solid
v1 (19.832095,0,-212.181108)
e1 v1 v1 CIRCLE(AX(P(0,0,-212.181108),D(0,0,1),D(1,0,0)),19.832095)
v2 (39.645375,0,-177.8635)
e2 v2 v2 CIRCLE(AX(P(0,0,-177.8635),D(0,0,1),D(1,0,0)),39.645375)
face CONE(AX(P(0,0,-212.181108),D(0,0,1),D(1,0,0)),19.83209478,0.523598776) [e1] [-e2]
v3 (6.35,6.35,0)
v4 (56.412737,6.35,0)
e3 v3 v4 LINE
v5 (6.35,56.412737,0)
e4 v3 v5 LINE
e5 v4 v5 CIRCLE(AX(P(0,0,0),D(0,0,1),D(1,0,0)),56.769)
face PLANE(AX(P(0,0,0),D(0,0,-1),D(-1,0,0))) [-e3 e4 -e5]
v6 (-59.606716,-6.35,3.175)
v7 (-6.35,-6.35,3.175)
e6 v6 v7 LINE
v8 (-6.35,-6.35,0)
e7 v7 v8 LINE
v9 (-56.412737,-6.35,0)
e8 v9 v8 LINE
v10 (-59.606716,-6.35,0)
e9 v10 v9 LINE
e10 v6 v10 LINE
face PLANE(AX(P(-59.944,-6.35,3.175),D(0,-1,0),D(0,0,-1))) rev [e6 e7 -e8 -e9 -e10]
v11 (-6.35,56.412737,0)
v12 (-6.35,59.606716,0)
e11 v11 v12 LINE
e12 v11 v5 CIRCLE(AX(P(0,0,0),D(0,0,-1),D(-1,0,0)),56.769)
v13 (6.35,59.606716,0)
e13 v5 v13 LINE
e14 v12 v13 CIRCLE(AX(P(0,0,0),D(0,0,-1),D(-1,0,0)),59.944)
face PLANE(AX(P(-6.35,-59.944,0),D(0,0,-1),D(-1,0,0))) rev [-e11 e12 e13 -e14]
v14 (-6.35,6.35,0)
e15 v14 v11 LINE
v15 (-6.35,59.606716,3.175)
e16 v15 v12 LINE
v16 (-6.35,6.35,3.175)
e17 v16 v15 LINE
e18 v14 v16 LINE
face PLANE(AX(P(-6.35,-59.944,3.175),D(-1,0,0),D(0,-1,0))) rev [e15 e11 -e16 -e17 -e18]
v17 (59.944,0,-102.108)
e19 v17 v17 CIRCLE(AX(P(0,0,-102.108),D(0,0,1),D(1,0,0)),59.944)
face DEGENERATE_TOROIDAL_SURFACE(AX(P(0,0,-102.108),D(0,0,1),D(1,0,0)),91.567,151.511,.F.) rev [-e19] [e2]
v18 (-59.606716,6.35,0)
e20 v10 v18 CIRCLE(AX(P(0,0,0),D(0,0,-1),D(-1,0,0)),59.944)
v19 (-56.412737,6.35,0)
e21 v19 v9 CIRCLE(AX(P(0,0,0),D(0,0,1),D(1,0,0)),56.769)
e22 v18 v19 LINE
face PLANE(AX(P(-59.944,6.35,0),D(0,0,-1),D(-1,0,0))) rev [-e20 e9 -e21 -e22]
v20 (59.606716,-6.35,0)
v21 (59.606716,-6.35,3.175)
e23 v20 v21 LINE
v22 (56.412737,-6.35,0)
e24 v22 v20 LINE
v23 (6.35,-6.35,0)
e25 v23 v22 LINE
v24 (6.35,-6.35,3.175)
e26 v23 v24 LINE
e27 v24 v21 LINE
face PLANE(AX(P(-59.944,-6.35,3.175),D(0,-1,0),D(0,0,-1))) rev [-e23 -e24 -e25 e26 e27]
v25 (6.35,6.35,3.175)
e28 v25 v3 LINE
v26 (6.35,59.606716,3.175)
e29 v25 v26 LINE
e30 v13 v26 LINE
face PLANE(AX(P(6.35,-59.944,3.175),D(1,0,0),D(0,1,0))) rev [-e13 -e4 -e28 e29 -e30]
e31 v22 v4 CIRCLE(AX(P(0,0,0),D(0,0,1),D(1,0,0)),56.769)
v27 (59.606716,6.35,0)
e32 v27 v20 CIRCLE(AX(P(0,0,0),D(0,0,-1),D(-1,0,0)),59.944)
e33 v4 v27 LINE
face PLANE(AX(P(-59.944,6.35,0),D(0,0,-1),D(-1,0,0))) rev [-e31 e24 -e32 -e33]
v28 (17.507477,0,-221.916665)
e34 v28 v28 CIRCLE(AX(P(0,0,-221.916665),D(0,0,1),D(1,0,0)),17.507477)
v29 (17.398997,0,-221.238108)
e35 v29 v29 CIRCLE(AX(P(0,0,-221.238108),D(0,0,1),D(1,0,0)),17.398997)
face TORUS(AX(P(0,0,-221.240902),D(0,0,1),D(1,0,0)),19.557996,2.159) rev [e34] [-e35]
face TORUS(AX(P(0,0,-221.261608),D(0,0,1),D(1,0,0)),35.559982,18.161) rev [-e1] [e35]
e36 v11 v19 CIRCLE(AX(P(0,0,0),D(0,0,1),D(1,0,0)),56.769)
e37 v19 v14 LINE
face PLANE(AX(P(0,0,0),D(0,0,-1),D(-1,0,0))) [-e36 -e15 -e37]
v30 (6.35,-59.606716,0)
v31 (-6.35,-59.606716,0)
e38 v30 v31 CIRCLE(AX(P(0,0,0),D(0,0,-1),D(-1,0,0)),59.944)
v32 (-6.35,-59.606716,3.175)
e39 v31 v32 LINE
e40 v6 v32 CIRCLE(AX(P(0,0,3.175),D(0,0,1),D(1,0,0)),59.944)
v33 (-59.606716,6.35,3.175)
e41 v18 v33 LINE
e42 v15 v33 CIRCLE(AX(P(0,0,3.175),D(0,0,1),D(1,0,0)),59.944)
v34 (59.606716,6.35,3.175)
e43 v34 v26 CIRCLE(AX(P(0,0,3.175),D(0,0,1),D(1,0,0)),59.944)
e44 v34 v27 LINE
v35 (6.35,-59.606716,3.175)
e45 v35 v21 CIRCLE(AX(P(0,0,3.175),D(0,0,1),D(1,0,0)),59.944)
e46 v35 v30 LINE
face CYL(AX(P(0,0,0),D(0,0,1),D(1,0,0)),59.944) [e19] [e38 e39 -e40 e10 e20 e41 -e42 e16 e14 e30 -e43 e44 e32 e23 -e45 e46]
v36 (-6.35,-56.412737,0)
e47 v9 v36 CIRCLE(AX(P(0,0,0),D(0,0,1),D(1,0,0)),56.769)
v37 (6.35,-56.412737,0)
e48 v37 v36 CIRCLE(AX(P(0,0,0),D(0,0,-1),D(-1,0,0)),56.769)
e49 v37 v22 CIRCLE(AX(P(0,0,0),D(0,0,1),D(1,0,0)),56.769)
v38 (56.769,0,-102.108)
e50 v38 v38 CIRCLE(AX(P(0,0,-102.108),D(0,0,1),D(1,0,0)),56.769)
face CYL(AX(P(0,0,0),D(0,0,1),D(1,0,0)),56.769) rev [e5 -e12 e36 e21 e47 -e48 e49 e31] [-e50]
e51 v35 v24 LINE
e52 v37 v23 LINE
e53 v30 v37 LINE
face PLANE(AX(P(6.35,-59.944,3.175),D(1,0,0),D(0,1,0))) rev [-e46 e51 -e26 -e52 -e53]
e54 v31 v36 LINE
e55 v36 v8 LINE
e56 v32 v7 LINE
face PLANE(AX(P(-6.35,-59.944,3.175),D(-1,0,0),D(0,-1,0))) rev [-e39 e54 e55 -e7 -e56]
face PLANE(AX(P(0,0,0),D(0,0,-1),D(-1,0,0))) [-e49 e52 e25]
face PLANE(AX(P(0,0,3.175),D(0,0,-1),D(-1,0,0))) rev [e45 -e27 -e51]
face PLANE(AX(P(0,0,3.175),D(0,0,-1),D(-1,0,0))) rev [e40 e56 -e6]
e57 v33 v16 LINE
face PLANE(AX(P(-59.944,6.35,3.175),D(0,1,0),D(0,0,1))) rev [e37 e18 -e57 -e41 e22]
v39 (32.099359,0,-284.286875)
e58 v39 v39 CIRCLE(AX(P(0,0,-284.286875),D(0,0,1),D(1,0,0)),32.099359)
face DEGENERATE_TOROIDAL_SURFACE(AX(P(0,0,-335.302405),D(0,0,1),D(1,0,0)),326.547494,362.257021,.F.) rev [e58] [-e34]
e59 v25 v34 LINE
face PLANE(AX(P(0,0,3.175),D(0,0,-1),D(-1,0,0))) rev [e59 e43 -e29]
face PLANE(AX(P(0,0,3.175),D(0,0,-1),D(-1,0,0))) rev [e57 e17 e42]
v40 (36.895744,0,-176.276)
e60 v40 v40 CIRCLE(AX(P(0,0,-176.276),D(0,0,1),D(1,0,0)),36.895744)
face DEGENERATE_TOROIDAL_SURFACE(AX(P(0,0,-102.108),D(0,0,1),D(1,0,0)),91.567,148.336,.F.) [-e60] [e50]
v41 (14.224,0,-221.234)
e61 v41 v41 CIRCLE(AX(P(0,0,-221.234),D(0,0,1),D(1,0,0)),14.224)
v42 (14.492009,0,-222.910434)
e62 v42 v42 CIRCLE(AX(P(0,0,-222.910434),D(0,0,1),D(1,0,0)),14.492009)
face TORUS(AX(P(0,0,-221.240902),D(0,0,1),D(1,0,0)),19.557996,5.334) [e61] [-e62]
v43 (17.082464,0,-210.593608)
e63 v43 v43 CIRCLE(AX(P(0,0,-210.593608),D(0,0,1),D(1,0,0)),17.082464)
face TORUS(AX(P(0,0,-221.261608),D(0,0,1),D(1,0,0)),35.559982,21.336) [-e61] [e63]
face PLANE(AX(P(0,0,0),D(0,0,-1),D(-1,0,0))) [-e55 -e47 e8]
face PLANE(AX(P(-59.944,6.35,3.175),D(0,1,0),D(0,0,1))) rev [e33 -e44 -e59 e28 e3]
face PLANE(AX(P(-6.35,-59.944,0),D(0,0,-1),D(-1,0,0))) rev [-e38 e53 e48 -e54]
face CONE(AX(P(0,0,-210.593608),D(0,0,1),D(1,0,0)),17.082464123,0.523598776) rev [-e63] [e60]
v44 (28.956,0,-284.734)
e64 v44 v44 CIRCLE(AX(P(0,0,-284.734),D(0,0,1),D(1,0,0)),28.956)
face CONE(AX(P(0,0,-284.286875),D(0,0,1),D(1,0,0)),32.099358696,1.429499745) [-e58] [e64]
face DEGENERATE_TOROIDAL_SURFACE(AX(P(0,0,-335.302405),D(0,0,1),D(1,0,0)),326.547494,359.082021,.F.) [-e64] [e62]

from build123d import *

# Parameters (mm, degrees)
SKETCH4_W          = 3.175
SKETCH4_H          = 12.7
CUT_EXTRUDE1_DEPTH = 298.085874974
CIRPATTERN1_COUNT  = 2
CIRPATTERN1_ANGLE  = 90


with BuildPart() as part:
    # Sketch2 → Revolve-Thin4 (revolve)
    with BuildSketch(Plane(origin=(0, 0, 0), x_dir=(0, 0, -1), z_dir=(1, 0, 0)), mode=Mode.PRIVATE) as revolve_thin4_sk:
        with BuildLine():
            Line((0, 0), (0, 56.769))
            Line((0, 56.769), (102.108, 56.769))
            ThreePointArc((102.108, 56.769), (140.500181874, 51.714573368), (176.276, 36.895744296))
            Line((176.276, 36.895744296), (210.593607924, 17.082464123))
            ThreePointArc((210.593607924, 17.082464123), (215.726112327, 14.954565751), (221.234, 14.224))
            ThreePointArc((221.234, 14.224), (222.082948, 14.290879198), (222.910433569, 14.49200893))
            ThreePointArc((222.910433569, 14.49200893), (253.5018987, 23.093142917), (284.734, 28.956))
            Line((284.734, 28.956), (284.286874616, 32.099358696))
            ThreePointArc((284.286874616, 32.099358696), (252.778619357, 26.184662284), (221.916664766, 17.507477147))
            ThreePointArc((221.916664766, 17.507477147), (221.581730132, 17.426067494), (221.238108322, 17.398997342))
            ThreePointArc((221.238108322, 17.398997342), (216.549846791, 18.020847951), (212.181107924, 19.83209478))
            Line((212.181107924, 19.83209478), (177.8635, 39.645374953))
            ThreePointArc((177.8635, 39.645374953), (141.321932343, 54.781387867), (102.108, 59.944))
            Line((102.108, 59.944), (-3.175, 59.944))
            Line((-3.175, 59.944), (-3.175, 0))
            Line((-3.175, 0), (0, 0))
        make_face()
    revolve(revolve_thin4_sk.sketch.rotate(Axis((0, 0, 0), (0, 0, -1)), 90), axis=Axis((0, 0, 0), (0, 0, -1)))

    # Sketch4 → Cut-Extrude1 (cut, symmetric)
    with BuildSketch(Plane(origin=(0, 0, 0), x_dir=(0, 0, -1), z_dir=(1, 0, 0))):
        with Locations((-1.5875, 0)):
            Rectangle(SKETCH4_W, SKETCH4_H)
    cut_extrude1 = extrude(amount=CUT_EXTRUDE1_DEPTH, both=True, mode=Mode.SUBTRACT)

    # CirPattern1: Cut-Extrude1 ×2 about axis
    cirpattern1_axis = Axis((0, 0, 3.175), (0, 0, 1))
    for i in range(1, CIRPATTERN1_COUNT):
        add(cut_extrude1.rotate(cirpattern1_axis, i * CIRPATTERN1_ANGLE / (CIRPATTERN1_COUNT - 1)), mode=Mode.SUBTRACT)


solid = part.part
